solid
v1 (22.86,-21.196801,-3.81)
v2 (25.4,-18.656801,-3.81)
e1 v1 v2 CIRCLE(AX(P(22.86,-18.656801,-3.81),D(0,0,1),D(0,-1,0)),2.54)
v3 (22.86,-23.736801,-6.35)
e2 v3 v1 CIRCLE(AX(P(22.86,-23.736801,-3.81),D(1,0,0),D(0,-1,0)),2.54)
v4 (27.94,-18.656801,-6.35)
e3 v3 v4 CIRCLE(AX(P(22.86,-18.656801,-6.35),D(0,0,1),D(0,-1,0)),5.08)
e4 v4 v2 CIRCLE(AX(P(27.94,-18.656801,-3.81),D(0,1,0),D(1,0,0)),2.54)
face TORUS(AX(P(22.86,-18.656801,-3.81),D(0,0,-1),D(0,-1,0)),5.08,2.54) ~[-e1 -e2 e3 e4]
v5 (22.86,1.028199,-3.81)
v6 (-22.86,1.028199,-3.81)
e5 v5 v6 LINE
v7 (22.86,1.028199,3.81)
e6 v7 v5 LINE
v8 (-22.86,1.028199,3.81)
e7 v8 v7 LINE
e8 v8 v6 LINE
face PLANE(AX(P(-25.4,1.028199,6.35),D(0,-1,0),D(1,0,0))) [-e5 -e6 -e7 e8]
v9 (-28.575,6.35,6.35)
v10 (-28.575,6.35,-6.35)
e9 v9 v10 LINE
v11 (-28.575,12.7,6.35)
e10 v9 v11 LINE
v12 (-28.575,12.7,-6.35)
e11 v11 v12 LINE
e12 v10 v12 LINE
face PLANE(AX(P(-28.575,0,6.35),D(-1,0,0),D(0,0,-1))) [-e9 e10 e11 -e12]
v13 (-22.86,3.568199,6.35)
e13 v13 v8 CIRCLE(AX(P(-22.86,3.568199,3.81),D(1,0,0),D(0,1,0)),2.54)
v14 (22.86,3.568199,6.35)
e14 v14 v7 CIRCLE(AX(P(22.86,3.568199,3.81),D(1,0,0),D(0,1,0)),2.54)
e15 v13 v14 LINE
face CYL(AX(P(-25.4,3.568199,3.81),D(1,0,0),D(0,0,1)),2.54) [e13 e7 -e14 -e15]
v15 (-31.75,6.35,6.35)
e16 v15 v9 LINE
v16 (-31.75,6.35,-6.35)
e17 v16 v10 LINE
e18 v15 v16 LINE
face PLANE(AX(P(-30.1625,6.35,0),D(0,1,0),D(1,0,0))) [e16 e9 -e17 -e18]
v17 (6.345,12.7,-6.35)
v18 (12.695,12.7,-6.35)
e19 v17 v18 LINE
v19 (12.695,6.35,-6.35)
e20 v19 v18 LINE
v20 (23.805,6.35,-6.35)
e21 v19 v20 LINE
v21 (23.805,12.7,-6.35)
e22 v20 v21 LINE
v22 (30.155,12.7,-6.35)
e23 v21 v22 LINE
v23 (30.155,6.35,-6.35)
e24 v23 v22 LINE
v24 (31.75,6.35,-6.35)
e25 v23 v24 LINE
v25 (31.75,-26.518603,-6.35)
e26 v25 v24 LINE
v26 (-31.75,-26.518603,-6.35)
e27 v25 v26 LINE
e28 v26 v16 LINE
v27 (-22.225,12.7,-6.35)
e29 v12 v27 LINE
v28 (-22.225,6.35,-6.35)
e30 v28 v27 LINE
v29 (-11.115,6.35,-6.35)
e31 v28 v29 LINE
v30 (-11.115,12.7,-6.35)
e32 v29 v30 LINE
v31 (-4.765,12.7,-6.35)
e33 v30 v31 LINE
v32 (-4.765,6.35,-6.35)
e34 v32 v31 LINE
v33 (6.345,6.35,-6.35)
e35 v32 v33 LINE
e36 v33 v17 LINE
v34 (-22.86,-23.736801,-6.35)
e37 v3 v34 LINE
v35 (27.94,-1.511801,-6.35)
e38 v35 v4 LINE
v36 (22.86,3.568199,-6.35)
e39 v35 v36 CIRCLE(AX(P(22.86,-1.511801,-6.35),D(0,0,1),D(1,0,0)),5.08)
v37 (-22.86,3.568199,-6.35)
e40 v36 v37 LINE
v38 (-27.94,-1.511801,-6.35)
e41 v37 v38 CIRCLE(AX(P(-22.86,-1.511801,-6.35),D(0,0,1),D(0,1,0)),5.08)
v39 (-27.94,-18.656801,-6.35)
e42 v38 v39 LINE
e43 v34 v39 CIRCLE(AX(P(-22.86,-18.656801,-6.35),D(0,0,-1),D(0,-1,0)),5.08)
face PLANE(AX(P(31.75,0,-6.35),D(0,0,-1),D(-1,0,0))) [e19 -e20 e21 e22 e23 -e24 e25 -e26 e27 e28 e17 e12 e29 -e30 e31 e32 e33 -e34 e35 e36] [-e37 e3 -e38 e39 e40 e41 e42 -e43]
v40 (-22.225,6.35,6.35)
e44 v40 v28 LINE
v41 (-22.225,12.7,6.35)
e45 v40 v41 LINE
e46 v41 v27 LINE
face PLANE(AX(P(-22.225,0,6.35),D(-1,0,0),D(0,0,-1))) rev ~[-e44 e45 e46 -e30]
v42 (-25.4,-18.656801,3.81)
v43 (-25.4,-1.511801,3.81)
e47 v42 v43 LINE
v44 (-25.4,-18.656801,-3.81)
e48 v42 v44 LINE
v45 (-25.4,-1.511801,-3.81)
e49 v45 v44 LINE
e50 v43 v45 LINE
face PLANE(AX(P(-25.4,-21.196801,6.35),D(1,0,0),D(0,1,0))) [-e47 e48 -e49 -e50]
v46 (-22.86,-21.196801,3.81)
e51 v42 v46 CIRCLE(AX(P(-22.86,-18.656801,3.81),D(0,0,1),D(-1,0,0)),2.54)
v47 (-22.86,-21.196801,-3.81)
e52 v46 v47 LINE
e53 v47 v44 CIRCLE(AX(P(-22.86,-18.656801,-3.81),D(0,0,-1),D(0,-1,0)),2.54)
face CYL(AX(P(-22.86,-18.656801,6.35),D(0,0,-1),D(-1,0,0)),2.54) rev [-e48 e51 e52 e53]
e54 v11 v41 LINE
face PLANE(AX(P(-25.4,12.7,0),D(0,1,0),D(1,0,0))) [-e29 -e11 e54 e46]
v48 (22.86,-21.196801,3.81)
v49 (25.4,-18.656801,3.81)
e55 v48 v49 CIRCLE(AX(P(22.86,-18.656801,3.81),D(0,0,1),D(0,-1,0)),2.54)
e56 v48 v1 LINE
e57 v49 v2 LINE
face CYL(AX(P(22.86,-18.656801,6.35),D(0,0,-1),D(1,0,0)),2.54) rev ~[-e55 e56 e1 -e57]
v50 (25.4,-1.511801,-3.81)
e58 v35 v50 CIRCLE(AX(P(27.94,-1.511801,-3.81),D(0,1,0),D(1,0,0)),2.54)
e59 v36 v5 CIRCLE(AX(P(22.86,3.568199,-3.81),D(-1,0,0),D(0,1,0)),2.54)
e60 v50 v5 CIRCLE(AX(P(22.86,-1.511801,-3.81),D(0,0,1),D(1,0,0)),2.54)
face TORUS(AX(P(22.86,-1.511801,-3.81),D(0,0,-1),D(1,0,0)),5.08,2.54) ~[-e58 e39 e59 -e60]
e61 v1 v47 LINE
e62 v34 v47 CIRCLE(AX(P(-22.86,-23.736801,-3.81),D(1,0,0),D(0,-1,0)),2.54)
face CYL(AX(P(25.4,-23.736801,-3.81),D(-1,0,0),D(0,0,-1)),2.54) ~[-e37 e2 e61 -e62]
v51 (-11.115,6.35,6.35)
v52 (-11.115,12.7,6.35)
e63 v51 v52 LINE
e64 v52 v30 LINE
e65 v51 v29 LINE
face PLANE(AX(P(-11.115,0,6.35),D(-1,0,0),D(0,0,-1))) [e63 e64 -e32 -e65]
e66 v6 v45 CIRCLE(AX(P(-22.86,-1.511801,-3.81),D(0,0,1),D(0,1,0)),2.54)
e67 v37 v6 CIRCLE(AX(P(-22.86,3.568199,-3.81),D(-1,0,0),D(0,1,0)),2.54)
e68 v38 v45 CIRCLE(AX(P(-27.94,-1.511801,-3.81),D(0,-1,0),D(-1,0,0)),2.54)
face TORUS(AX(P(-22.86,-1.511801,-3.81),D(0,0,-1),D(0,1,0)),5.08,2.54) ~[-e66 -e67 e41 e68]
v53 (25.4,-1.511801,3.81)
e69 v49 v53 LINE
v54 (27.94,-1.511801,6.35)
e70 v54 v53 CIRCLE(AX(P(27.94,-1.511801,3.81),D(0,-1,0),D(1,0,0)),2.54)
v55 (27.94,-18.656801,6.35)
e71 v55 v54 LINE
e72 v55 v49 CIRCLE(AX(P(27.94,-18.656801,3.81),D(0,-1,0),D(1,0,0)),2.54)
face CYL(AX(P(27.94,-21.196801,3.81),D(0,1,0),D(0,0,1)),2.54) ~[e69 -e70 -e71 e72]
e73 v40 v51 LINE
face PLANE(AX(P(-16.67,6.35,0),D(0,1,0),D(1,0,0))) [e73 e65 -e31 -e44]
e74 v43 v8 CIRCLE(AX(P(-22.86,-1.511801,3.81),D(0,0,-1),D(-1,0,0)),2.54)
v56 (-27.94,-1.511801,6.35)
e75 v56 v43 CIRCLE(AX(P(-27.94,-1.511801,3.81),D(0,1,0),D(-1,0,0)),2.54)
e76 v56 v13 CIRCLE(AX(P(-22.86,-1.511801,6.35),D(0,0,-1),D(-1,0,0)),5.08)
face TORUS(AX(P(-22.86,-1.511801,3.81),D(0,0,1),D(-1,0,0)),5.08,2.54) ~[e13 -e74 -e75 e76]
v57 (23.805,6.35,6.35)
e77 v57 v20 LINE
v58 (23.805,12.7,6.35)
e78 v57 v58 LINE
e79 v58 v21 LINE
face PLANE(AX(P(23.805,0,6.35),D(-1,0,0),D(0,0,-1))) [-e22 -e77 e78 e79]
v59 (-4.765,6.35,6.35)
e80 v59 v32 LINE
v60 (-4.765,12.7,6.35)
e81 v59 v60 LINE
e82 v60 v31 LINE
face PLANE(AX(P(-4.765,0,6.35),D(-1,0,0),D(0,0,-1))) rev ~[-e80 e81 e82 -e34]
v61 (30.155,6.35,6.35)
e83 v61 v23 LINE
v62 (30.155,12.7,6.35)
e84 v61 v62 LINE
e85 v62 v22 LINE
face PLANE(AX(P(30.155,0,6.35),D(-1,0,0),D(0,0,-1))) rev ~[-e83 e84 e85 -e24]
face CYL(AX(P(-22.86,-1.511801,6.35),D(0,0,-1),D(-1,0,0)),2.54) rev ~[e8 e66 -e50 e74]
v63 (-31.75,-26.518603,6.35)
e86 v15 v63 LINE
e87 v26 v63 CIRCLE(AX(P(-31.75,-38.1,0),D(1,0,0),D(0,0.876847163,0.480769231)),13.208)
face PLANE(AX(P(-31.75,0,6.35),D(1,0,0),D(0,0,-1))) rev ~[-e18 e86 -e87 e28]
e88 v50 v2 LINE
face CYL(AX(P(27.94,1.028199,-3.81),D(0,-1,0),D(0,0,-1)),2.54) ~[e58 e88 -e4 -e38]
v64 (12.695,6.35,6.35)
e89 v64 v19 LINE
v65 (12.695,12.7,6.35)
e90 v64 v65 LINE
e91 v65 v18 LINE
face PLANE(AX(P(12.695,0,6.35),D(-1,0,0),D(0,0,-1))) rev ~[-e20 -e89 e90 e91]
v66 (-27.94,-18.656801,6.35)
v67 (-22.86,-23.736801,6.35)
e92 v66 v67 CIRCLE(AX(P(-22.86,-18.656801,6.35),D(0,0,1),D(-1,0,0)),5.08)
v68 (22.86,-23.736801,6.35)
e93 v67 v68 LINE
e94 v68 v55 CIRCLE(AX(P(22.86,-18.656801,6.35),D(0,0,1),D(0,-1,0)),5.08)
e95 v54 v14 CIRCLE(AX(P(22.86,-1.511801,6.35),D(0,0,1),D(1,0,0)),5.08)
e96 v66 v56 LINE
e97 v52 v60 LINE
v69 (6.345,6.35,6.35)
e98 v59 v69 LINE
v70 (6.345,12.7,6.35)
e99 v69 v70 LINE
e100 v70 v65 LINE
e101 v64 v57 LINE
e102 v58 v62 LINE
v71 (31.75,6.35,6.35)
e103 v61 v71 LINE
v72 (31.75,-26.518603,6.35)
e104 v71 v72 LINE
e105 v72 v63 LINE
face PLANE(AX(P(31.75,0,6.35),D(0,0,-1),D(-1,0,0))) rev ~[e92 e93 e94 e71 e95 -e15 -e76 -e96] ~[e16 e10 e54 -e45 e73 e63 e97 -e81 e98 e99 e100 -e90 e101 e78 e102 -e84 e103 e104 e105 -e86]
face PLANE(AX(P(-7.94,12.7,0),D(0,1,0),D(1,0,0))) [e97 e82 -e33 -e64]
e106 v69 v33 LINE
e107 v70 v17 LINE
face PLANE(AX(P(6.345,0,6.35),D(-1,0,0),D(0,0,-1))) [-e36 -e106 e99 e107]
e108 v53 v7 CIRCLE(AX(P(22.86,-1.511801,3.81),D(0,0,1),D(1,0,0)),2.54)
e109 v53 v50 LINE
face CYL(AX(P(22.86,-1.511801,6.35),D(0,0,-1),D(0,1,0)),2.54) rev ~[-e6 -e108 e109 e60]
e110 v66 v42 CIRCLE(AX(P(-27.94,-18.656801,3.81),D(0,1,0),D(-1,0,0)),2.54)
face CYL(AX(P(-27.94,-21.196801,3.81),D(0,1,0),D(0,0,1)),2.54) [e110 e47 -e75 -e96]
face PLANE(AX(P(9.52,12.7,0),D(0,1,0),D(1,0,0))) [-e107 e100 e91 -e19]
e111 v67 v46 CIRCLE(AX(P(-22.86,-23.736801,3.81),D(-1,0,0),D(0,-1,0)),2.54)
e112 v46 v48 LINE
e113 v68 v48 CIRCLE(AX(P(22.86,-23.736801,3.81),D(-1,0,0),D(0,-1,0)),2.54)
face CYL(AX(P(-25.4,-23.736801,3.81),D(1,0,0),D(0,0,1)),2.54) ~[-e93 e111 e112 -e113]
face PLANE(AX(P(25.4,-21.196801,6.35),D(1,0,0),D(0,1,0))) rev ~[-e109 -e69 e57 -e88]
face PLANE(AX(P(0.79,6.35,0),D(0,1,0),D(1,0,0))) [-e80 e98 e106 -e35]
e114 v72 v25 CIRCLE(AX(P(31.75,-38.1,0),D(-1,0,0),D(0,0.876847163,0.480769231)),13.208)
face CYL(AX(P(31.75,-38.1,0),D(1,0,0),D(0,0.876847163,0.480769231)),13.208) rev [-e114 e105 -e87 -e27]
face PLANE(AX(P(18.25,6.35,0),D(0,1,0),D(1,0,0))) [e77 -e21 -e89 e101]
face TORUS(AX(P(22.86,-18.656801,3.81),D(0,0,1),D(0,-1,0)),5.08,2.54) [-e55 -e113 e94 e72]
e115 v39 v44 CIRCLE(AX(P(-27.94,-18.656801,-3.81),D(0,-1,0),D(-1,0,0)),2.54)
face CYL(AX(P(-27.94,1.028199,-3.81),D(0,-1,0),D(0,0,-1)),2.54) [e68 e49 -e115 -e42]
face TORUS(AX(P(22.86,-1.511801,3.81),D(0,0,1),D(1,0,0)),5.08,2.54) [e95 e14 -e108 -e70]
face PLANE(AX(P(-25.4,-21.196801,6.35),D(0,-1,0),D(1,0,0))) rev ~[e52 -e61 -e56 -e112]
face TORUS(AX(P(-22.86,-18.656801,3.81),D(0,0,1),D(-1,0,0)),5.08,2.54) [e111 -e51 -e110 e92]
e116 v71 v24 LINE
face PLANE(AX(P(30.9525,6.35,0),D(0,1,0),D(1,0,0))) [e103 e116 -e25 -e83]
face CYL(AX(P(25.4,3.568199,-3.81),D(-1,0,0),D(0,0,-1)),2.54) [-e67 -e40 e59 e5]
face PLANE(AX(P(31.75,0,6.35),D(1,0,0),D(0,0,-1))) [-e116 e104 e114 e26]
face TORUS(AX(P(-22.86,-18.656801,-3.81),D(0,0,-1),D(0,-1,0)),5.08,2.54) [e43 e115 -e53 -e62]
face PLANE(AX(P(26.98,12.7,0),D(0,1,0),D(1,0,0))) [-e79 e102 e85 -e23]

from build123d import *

# Parameters (mm, degrees)
SKETCH1_W             = 1.595
SKETCH1_H             = 12.7
BOSS_EXTRUDE1_DEPTH   = 6.35
SKETCH1_W_2           = 11.11
BOSS_EXTRUDE1_2_DEPTH = 6.35
BOSS_EXTRUDE1_3_DEPTH = 6.35
BOSS_EXTRUDE1_4_DEPTH = 6.35
SKETCH1_W_3           = 3.175
BOSS_EXTRUDE1_5_DEPTH = 6.35
SKETCH1_3_W           = 6.35
SKETCH1_3_H           = 12.7
BOSS_EXTRUDE2_DEPTH   = 12.7
SKETCH3_W             = 63.5
SKETCH3_H             = 12.7
BOSS_EXTRUDE3_DEPTH   = 38.1
CUT_EXTRUDE1_DEPTH    = 75.324844433
SKETCH5_W             = 50.8
SKETCH5_H             = 22.225
CUT_EXTRUDE2_DEPTH    = 44.273418952
FILLET1_R             = 2.54


with BuildPart() as part:
    # Sketch1 → Boss-Extrude1 (new body)
    with BuildSketch(Plane(origin=(0, 0, 0), x_dir=(1, 0, 0), z_dir=(0, 1, 0))):
        with Locations((30.9525, 0)):
            Rectangle(SKETCH1_W, SKETCH1_H)
    extrude(amount=BOSS_EXTRUDE1_DEPTH)



with BuildPart() as body_2:
    # Sketch1 → Boss-Extrude1 2 (new body)
    with BuildSketch(Plane(origin=(0, 0, 0), x_dir=(1, 0, 0), z_dir=(0, 1, 0))):
        with Locations((18.25, 0)):
            Rectangle(SKETCH1_W_2, SKETCH1_H)
    extrude(amount=BOSS_EXTRUDE1_2_DEPTH)


with BuildPart() as body_3:
    # Sketch1 → Boss-Extrude1 3 (new body)
    with BuildSketch(Plane(origin=(0, 0, 0), x_dir=(1, 0, 0), z_dir=(0, 1, 0))):
        with Locations((0.79, 0)):
            Rectangle(SKETCH1_W_2, SKETCH1_H)
    extrude(amount=BOSS_EXTRUDE1_3_DEPTH)


with BuildPart() as body_4:
    # Sketch1 → Boss-Extrude1 4 (new body)
    with BuildSketch(Plane(origin=(0, 0, 0), x_dir=(1, 0, 0), z_dir=(0, 1, 0))):
        with Locations((-16.67, 0)):
            Rectangle(SKETCH1_W_2, SKETCH1_H)
    extrude(amount=BOSS_EXTRUDE1_4_DEPTH)


with BuildPart() as body_5:
    # Sketch1 → Boss-Extrude1 5 (new body)
    with BuildSketch(Plane(origin=(0, 0, 0), x_dir=(1, 0, 0), z_dir=(0, 1, 0))):
        with Locations((-30.1625, 0)):
            Rectangle(SKETCH1_W_3, SKETCH1_H)
    extrude(amount=BOSS_EXTRUDE1_5_DEPTH)


with BuildPart() as part_1:
    add(part.part)

    add(body_2.part)  # Boss-Extrude2 merges body 2

    add(body_3.part)  # Boss-Extrude2 merges body 3

    add(body_4.part)  # Boss-Extrude2 merges body 4

    add(body_5.part)  # Boss-Extrude2 merges body 5
    # Sketch1<3> → Boss-Extrude2 (add)
    with BuildSketch(Plane(origin=(0, 0, 0), x_dir=(1, 0, 0), z_dir=(0, 1, 0))):
        with Locations((26.98, 0)):
            Rectangle(SKETCH1_3_W, SKETCH1_3_H)
        with Locations((9.52, 0)):
            Rectangle(SKETCH1_3_W, SKETCH1_3_H)
        with Locations((-7.94, 0)):
            Rectangle(SKETCH1_3_W, SKETCH1_3_H)
        with Locations((-25.4, 0)):
            Rectangle(SKETCH1_3_W, SKETCH1_3_H)
    extrude(amount=BOSS_EXTRUDE2_DEPTH)

    # Sketch3 → Boss-Extrude3 (add)
    with BuildSketch(Plane(origin=(0, 0, 0), x_dir=(-1, 0, 0), z_dir=(0, -1, 0))):
        Rectangle(SKETCH3_W, SKETCH3_H)
    extrude(amount=BOSS_EXTRUDE3_DEPTH)

    # Sketch4 → Cut-Extrude1 (cut, through all)
    with BuildSketch(Plane(origin=(31.75, 0, 0), x_dir=(0, 0, -1), z_dir=(1, 0, 0))):
        with BuildLine():
            Line((6.35, -26.518602675), (6.35, -38.1))
            Line((6.35, -38.1), (-6.35, -38.1))
            Line((-6.35, -38.1), (-6.35, -26.518602675))
            ThreePointArc((-6.35, -26.518602675), (0, -24.892), (6.35, -26.518602675))
        make_face()
    extrude(amount=-CUT_EXTRUDE1_DEPTH, mode=Mode.SUBTRACT)

    # Sketch5 → Cut-Extrude2 (cut, through all)
    with BuildSketch(Plane.XY.offset(6.35)):
        with Locations((0, -10.084301337)):
            Rectangle(SKETCH5_W, SKETCH5_H)
    extrude(amount=-CUT_EXTRUDE2_DEPTH, mode=Mode.SUBTRACT)

    # Fillet1
    fillet1_edges = [part_1.edges().sort_by_distance(p)[0] for p in [
        (25.4, -10.084301337, 6.35),
        (25.4, -10.084301337, -6.35),
        (0, -21.196801337, 6.35),
        (0, -21.196801337, -6.35),
        (-25.4, -10.084301337, -6.35),
        (-25.4, -10.084301337, 6.35),
        (0, 1.028198663, -6.35),
        (0, 1.028198663, 6.35),
        (-25.4, 1.028198663, 0),
        (-25.4, -21.196801337, 0),
        (25.4, -21.196801337, 0),
        (25.4, 1.028198663, 0),
    ]]
    fillet(fillet1_edges, radius=FILLET1_R)


solid = part_1.part
